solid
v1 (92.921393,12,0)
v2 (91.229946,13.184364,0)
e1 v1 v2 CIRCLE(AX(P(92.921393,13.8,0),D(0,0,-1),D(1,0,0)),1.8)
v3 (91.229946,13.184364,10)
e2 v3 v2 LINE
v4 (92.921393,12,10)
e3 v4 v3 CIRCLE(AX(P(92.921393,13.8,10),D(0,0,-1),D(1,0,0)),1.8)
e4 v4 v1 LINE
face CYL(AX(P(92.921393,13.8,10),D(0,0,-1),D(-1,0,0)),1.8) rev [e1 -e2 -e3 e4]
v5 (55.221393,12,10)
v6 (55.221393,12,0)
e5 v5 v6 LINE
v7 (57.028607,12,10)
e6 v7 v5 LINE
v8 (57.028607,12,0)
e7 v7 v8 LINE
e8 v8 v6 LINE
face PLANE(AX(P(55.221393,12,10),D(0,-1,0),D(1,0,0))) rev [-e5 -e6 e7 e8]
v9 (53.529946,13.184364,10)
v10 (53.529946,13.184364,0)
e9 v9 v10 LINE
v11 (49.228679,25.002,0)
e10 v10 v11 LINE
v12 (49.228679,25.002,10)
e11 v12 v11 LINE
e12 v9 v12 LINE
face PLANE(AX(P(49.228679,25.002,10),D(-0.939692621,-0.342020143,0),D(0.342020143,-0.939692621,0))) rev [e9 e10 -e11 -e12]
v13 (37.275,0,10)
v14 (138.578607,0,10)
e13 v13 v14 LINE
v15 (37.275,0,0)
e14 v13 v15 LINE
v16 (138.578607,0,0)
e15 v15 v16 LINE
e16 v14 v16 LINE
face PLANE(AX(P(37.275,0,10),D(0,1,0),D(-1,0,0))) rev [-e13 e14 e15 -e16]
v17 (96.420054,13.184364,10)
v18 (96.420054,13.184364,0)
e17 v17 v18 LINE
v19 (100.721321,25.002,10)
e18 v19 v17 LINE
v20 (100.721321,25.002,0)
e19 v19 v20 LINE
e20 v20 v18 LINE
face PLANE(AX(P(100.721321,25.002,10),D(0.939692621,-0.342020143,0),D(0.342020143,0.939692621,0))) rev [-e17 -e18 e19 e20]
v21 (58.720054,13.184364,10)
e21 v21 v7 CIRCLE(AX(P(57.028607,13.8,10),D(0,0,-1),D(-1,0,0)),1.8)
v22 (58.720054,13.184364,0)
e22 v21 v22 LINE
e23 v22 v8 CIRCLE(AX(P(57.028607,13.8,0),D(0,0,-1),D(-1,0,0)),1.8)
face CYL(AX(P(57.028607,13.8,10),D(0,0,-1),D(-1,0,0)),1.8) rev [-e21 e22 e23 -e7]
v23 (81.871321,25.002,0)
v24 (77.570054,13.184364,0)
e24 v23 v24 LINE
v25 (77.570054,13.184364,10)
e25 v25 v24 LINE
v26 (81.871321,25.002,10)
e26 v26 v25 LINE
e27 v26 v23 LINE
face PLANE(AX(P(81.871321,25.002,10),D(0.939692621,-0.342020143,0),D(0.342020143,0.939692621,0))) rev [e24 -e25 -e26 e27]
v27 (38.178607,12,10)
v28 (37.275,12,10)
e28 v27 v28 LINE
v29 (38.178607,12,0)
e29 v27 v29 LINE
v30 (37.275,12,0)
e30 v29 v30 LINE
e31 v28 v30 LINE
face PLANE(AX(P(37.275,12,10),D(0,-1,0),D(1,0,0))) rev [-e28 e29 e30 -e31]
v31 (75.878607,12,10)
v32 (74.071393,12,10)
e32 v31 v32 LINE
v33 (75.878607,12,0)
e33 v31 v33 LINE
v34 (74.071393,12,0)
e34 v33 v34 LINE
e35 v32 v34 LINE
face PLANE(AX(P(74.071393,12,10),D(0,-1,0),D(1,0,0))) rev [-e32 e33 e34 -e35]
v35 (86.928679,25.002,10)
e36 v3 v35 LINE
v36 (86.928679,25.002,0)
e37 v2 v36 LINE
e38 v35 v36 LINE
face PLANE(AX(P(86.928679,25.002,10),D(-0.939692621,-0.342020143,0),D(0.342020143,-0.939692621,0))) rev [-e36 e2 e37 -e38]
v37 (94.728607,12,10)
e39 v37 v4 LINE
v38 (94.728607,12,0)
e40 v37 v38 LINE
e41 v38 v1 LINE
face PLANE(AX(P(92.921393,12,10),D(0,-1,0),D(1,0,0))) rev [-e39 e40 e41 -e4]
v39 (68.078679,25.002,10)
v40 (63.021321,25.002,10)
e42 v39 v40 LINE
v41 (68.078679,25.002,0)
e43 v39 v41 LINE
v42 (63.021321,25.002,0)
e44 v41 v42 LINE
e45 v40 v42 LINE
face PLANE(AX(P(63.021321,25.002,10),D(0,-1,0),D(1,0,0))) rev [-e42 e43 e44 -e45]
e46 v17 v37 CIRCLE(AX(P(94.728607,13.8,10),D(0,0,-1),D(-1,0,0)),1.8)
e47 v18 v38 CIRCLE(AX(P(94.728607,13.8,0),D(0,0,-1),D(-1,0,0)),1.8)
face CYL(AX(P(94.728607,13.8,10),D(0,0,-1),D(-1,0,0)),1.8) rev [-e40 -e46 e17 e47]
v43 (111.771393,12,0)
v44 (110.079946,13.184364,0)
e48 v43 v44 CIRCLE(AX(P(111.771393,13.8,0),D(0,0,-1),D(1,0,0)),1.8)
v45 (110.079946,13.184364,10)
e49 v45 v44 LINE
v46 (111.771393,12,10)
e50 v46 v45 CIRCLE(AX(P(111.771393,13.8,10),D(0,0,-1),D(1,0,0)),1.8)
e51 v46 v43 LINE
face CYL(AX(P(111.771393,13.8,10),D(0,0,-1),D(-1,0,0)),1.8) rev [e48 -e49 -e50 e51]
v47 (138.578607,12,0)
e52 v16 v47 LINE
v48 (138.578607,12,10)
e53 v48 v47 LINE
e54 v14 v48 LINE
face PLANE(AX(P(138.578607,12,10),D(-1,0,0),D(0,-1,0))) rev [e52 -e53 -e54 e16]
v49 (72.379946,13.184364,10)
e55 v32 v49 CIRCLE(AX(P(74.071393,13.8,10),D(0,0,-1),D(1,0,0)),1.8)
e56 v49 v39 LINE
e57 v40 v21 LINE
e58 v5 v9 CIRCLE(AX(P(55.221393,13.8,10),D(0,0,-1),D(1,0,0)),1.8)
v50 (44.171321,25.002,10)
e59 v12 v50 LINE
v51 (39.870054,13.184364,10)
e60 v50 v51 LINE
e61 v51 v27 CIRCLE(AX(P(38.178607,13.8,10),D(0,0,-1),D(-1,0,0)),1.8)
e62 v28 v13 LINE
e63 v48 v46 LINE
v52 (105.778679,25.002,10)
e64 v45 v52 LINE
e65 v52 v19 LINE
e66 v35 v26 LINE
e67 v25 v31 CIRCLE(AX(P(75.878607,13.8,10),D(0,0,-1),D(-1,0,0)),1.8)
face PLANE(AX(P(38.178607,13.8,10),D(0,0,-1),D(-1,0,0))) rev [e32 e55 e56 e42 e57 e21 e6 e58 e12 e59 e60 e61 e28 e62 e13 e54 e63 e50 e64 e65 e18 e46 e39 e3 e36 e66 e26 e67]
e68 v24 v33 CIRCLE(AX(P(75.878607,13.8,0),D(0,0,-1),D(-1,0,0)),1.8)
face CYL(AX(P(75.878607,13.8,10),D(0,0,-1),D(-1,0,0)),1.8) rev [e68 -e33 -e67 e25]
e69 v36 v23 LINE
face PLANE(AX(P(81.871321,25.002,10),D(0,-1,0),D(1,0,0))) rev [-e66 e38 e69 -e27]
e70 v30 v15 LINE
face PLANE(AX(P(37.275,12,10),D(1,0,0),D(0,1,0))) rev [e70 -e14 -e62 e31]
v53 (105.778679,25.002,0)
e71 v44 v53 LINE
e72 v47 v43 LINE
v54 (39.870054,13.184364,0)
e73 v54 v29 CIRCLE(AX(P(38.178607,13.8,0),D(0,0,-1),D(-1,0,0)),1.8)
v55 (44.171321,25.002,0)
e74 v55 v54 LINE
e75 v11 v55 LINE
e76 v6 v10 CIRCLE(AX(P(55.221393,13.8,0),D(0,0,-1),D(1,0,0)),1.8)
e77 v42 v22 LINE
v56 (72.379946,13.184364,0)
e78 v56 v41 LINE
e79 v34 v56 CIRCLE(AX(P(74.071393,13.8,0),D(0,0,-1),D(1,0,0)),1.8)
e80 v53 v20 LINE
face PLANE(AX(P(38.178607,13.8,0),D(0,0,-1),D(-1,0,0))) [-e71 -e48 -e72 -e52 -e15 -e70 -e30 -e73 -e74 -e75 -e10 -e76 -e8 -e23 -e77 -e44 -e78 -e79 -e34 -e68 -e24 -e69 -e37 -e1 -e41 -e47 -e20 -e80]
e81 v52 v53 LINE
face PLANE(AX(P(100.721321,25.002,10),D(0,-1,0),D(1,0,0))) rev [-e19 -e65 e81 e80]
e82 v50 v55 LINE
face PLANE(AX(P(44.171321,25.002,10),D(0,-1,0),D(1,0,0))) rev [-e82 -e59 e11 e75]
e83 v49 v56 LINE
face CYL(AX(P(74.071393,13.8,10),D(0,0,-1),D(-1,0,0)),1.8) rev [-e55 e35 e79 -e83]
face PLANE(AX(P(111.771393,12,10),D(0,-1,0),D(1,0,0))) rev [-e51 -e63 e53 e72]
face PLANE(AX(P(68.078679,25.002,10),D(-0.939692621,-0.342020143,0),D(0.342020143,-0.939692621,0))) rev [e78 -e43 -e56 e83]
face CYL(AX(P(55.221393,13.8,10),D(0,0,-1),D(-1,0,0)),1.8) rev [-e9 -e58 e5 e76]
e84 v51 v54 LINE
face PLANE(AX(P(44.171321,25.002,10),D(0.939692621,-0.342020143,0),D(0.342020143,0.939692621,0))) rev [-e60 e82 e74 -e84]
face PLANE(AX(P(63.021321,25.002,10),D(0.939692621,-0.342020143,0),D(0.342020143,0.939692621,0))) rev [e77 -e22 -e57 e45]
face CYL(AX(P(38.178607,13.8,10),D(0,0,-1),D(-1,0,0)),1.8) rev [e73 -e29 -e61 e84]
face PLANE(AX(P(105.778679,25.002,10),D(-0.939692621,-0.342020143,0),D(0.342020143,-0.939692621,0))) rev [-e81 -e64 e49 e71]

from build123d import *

# Parameters (mm, degrees)
BOSS_EXTRUDE1_DEPTH = 10


with BuildPart() as part:
    # Sketch1 → Boss-Extrude1 (new body)
    with BuildSketch(Plane.XY):
        with BuildLine():
            Line((138.578606851, 12), (138.578606851, 0))
            Line((138.578606851, 0), (37.275, 0))
            Line((37.275, 0), (37.275, 12))
            Line((37.275, 12), (38.178606851, 12))
            ThreePointArc((38.178606851, 12), (39.211044436, 12.32552632), (39.870053568, 13.184363742))
            Line((39.870053568, 13.184363742), (44.171321406, 25.002))
            Line((44.171321406, 25.002), (49.228678594, 25.002))
            Line((49.228678594, 25.002), (53.529946432, 13.184363742))
            ThreePointArc((53.529946432, 13.184363742), (54.188955564, 12.32552632), (55.221393149, 12))
            Line((55.221393149, 12), (57.028606851, 12))
            ThreePointArc((57.028606851, 12), (58.061044436, 12.32552632), (58.720053568, 13.184363742))
            Line((58.720053568, 13.184363742), (63.021321406, 25.002))
            Line((63.021321406, 25.002), (68.078678594, 25.002))
            Line((68.078678594, 25.002), (72.379946432, 13.184363742))
            ThreePointArc((72.379946432, 13.184363742), (73.038955564, 12.32552632), (74.071393149, 12))
            Line((74.071393149, 12), (75.878606851, 12))
            ThreePointArc((75.878606851, 12), (76.911044436, 12.32552632), (77.570053568, 13.184363742))
            Line((77.570053568, 13.184363742), (81.871321406, 25.002))
            Line((81.871321406, 25.002), (86.928678594, 25.002))
            Line((86.928678594, 25.002), (91.229946432, 13.184363742))
            ThreePointArc((91.229946432, 13.184363742), (91.888955564, 12.32552632), (92.921393149, 12))
            Line((92.921393149, 12), (94.728606851, 12))
            ThreePointArc((94.728606851, 12), (95.761044436, 12.32552632), (96.420053568, 13.184363742))
            Line((96.420053568, 13.184363742), (100.721321406, 25.002))
            Line((100.721321406, 25.002), (105.778678594, 25.002))
            Line((105.778678594, 25.002), (110.079946432, 13.184363742))
            ThreePointArc((110.079946432, 13.184363742), (110.738955564, 12.32552632), (111.771393149, 12))
            Line((111.771393149, 12), (113.578606851, 12))
            Line((113.578606851, 12), (138.578606851, 12))
        make_face()
    extrude(amount=BOSS_EXTRUDE1_DEPTH)


solid = part.part
